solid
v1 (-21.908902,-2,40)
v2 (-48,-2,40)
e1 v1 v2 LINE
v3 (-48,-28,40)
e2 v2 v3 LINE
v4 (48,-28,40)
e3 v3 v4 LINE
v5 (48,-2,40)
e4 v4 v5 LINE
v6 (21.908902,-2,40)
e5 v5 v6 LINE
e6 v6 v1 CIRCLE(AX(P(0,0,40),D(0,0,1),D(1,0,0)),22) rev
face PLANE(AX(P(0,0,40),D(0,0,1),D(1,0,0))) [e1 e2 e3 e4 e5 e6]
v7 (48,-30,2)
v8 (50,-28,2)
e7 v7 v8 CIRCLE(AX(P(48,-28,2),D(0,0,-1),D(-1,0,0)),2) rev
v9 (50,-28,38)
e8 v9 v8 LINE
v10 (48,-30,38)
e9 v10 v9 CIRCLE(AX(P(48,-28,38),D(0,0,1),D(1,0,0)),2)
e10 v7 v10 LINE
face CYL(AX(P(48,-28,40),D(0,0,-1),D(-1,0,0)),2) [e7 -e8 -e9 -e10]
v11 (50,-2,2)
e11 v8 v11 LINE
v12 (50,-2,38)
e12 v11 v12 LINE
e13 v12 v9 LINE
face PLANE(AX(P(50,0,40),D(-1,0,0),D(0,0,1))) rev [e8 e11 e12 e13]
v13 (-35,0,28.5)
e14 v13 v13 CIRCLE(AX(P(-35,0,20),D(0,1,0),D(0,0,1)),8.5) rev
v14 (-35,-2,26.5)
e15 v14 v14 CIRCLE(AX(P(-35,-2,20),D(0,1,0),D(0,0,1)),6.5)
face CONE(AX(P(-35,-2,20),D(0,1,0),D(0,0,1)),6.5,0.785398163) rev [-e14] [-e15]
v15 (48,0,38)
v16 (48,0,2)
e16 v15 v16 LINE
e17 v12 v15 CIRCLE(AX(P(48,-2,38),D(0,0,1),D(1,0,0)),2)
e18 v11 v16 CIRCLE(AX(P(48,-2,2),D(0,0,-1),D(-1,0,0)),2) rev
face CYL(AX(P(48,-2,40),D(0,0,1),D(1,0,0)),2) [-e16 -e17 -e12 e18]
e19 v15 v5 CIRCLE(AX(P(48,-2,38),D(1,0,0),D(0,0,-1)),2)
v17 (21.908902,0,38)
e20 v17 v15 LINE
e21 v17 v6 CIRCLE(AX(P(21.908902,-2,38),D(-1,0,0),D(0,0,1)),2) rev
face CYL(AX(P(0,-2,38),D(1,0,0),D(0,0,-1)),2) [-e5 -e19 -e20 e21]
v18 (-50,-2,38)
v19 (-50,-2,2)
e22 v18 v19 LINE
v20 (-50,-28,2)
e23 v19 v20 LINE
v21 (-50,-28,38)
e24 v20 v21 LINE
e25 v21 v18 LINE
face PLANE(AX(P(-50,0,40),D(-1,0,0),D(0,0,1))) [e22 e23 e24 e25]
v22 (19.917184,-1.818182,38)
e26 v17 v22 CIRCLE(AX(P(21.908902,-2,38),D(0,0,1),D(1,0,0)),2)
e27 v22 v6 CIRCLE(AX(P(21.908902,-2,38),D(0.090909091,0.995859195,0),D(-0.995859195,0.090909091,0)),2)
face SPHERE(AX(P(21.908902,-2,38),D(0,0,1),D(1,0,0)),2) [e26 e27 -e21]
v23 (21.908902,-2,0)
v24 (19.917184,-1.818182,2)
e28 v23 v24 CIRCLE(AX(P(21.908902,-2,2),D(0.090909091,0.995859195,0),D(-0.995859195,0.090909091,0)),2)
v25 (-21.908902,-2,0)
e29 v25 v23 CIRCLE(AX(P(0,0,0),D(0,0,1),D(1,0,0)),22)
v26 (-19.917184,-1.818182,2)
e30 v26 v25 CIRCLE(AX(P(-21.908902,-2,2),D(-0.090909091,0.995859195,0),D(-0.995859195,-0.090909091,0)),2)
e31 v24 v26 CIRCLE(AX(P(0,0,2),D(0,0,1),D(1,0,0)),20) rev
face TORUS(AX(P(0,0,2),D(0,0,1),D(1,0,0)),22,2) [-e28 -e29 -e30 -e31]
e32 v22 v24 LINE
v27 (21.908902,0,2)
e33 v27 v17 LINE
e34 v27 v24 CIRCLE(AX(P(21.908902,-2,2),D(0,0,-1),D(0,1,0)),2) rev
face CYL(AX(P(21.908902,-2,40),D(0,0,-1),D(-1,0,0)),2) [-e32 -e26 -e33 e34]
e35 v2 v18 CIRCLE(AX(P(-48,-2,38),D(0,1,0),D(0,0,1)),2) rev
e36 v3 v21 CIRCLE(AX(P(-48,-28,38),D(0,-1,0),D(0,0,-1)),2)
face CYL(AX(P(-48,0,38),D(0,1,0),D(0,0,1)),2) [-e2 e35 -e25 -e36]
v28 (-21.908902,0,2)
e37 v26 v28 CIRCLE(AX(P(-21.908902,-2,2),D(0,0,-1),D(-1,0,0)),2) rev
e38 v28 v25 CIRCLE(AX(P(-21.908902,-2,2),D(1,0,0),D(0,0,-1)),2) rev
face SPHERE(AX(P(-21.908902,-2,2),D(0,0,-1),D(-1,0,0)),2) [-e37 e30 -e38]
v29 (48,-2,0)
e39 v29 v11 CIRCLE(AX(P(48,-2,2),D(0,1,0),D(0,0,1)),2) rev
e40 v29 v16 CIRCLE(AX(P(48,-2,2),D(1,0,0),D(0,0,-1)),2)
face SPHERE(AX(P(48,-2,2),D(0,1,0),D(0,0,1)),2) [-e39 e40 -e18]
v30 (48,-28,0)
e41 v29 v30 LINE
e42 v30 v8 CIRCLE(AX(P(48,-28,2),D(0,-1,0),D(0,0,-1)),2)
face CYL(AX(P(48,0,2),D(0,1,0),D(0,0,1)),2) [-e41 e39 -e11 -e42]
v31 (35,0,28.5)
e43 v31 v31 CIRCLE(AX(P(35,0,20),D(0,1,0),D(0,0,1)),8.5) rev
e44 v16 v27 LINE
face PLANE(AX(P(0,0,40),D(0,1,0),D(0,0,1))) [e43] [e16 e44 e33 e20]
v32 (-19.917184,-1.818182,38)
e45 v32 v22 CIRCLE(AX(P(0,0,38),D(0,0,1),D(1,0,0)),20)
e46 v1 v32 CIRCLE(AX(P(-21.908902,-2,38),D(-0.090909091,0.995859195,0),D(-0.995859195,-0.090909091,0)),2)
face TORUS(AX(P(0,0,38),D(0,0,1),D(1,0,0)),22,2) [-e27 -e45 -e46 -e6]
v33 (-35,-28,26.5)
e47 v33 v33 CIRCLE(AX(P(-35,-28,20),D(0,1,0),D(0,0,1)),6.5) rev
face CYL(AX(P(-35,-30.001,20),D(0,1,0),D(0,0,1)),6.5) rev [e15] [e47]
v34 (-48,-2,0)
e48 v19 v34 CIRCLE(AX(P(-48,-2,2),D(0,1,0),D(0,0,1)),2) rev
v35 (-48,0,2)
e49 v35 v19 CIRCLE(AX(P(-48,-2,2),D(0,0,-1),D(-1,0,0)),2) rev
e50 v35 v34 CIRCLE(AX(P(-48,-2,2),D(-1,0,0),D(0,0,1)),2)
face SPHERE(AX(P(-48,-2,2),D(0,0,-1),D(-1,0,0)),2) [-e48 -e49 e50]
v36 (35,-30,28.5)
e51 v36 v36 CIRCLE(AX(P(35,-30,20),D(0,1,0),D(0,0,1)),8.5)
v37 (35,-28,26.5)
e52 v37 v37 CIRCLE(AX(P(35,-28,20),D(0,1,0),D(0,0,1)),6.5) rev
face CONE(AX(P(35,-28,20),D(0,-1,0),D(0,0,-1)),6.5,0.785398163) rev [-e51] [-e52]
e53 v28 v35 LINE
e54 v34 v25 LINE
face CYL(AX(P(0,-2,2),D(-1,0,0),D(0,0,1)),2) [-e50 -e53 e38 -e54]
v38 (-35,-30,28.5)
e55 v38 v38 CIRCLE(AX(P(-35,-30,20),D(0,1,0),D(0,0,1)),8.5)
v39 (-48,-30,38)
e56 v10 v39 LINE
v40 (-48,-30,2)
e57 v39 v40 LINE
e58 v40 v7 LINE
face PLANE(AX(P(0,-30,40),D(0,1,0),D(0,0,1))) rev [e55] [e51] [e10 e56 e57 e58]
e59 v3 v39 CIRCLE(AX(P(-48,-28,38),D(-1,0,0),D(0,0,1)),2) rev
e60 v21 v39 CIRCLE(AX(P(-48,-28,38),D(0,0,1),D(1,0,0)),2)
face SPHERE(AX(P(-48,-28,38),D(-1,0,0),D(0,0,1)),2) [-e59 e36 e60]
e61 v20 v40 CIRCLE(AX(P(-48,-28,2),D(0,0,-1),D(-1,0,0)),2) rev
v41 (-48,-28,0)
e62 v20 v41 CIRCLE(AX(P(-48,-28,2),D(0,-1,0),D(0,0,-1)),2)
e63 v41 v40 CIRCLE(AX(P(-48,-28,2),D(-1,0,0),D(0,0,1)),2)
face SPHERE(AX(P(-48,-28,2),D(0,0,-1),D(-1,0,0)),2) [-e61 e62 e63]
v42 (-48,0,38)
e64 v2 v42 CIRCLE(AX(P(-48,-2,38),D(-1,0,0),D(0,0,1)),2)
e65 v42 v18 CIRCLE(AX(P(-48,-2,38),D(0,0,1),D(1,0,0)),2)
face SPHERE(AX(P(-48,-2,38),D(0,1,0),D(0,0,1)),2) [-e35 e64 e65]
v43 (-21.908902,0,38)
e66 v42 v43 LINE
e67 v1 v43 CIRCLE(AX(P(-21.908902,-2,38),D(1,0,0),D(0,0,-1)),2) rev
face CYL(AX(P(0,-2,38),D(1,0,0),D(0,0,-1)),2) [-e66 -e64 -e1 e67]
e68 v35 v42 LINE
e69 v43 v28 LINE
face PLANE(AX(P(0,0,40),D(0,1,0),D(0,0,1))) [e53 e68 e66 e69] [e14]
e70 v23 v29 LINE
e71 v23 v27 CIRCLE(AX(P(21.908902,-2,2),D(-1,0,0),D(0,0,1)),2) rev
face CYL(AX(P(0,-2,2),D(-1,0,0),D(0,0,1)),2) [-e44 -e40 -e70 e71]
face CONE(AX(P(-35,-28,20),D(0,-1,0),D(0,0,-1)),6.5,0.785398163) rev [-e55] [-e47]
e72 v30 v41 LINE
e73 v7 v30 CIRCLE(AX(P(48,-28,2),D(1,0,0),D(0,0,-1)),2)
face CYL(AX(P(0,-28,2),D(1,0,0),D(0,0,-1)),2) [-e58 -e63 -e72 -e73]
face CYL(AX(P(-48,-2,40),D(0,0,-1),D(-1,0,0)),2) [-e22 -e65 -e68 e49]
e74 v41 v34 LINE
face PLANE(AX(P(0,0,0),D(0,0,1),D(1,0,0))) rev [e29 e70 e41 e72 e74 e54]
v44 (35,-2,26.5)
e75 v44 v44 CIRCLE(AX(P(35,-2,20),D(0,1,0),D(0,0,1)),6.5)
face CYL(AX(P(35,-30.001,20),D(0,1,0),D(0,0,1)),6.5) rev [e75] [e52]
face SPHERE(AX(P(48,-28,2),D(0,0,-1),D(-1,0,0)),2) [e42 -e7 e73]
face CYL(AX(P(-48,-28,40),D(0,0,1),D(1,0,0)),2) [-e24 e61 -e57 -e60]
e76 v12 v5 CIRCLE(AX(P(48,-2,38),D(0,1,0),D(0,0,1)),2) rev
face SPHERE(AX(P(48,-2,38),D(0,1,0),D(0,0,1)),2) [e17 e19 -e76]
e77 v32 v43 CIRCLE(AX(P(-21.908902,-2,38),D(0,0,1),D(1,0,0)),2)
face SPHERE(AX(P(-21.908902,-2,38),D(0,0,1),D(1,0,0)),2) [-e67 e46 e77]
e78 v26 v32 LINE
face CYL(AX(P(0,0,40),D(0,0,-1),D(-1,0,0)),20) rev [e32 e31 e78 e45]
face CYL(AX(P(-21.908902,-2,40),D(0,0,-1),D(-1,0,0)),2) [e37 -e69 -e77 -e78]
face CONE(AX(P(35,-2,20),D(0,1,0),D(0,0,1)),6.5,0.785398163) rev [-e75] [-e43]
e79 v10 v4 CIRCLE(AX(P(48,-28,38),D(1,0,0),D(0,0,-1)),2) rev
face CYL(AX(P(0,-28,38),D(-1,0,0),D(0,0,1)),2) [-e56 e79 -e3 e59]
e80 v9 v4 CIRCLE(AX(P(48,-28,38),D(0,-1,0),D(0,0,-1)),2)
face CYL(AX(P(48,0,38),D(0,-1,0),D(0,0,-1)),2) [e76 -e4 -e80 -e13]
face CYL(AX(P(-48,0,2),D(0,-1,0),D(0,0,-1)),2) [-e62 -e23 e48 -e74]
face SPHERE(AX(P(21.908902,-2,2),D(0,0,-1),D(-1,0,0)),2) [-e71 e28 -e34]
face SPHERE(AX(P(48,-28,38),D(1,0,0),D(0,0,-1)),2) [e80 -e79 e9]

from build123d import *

# Parameters (mm, degrees)
DODANIE_WYCI_GNI_CIE1_DEPTH = 40
WYTNIJ_WYCI_GNI_CIE1_REACH  = 72.711
SZKIC2_R                    = 6.5
SFAZOWANIE1_SIZE            = 2
ZAOKR_GLENIE1_R             = 2


with BuildPart() as part:
    # Szkic1 → Dodanie-wyciągnięcie1 (new body)
    with BuildSketch(Plane.XY):
        with BuildLine():
            Line((50, 0), (20, 0))
            ThreePointArc((20, 0), (0, -20), (-20, 0))
            Line((-20, 0), (-50, 0))
            Line((-50, 0), (-50, -30))
            Line((-50, -30), (50, -30))
            Line((50, -30), (50, 0))
        make_face()
    extrude(amount=DODANIE_WYCI_GNI_CIE1_DEPTH)

    # Szkic2 → Wytnij-wyciągnięcie1 (cut, up to next)
    with BuildSketch(Plane(origin=(0, 0, 0), x_dir=(1, 0, 0), z_dir=(0, 1, 0)), mode=Mode.PRIVATE) as wytnij_wyci_gni_cie1_sk1:
        with Locations(Location((-35, -20, 0), (0, 0, 270))):
            Circle(SZKIC2_R)
    wytnij_wyci_gni_cie1_tool1 = extrude(wytnij_wyci_gni_cie1_sk1.sketch, amount=-WYTNIJ_WYCI_GNI_CIE1_REACH, mode=Mode.PRIVATE) & part.part
    # Szkic2 → Wytnij-wyciągnięcie1 (cut, up to next)
    with BuildSketch(Plane(origin=(0, 0, 0), x_dir=(1, 0, 0), z_dir=(0, 1, 0)), mode=Mode.PRIVATE) as wytnij_wyci_gni_cie1_sk2:
        with Locations(Location((35, -20, 0), (0, 0, 270))):
            Circle(SZKIC2_R)
    wytnij_wyci_gni_cie1_tool2 = extrude(wytnij_wyci_gni_cie1_sk2.sketch, amount=-WYTNIJ_WYCI_GNI_CIE1_REACH, mode=Mode.PRIVATE) & part.part
    add(wytnij_wyci_gni_cie1_tool1.solids().sort_by_distance((-35, 0, 20))[0], mode=Mode.SUBTRACT)
    add(wytnij_wyci_gni_cie1_tool2.solids().sort_by_distance((35, 0, 20))[0], mode=Mode.SUBTRACT)

    # Sfazowanie1
    sfazowanie1_edges = [part.edges().sort_by_distance(p)[0] for p in [
        (-35, 0, 13.5),
        (-35, -30, 13.5),
        (35, 0, 13.5),
        (35, -30, 13.5),
    ]]
    chamfer(sfazowanie1_edges, length=SFAZOWANIE1_SIZE)

    # Zaokrąglenie1
    zaokr_glenie1_edges = [part.edges().sort_by_distance(p)[0] for p in [
        (0, -20, 0),
        (-35, 0, 40),
        (20, 0, 20),
        (50, 0, 20),
        (50, -30, 20),
        (-50, -30, 20),
        (-50, 0, 20),
        (-20, 0, 20),
        (-50, -15, 40),
        (0, -30, 40),
        (50, -15, 40),
        (35, 0, 40),
        (0, -20, 40),
        (35, 0, 0),
        (50, -15, 0),
        (0, -30, 0),
        (-50, -15, 0),
        (-35, 0, 0),
    ]]
    fillet(zaokr_glenie1_edges, radius=ZAOKR_GLENIE1_R)


solid = part.part
